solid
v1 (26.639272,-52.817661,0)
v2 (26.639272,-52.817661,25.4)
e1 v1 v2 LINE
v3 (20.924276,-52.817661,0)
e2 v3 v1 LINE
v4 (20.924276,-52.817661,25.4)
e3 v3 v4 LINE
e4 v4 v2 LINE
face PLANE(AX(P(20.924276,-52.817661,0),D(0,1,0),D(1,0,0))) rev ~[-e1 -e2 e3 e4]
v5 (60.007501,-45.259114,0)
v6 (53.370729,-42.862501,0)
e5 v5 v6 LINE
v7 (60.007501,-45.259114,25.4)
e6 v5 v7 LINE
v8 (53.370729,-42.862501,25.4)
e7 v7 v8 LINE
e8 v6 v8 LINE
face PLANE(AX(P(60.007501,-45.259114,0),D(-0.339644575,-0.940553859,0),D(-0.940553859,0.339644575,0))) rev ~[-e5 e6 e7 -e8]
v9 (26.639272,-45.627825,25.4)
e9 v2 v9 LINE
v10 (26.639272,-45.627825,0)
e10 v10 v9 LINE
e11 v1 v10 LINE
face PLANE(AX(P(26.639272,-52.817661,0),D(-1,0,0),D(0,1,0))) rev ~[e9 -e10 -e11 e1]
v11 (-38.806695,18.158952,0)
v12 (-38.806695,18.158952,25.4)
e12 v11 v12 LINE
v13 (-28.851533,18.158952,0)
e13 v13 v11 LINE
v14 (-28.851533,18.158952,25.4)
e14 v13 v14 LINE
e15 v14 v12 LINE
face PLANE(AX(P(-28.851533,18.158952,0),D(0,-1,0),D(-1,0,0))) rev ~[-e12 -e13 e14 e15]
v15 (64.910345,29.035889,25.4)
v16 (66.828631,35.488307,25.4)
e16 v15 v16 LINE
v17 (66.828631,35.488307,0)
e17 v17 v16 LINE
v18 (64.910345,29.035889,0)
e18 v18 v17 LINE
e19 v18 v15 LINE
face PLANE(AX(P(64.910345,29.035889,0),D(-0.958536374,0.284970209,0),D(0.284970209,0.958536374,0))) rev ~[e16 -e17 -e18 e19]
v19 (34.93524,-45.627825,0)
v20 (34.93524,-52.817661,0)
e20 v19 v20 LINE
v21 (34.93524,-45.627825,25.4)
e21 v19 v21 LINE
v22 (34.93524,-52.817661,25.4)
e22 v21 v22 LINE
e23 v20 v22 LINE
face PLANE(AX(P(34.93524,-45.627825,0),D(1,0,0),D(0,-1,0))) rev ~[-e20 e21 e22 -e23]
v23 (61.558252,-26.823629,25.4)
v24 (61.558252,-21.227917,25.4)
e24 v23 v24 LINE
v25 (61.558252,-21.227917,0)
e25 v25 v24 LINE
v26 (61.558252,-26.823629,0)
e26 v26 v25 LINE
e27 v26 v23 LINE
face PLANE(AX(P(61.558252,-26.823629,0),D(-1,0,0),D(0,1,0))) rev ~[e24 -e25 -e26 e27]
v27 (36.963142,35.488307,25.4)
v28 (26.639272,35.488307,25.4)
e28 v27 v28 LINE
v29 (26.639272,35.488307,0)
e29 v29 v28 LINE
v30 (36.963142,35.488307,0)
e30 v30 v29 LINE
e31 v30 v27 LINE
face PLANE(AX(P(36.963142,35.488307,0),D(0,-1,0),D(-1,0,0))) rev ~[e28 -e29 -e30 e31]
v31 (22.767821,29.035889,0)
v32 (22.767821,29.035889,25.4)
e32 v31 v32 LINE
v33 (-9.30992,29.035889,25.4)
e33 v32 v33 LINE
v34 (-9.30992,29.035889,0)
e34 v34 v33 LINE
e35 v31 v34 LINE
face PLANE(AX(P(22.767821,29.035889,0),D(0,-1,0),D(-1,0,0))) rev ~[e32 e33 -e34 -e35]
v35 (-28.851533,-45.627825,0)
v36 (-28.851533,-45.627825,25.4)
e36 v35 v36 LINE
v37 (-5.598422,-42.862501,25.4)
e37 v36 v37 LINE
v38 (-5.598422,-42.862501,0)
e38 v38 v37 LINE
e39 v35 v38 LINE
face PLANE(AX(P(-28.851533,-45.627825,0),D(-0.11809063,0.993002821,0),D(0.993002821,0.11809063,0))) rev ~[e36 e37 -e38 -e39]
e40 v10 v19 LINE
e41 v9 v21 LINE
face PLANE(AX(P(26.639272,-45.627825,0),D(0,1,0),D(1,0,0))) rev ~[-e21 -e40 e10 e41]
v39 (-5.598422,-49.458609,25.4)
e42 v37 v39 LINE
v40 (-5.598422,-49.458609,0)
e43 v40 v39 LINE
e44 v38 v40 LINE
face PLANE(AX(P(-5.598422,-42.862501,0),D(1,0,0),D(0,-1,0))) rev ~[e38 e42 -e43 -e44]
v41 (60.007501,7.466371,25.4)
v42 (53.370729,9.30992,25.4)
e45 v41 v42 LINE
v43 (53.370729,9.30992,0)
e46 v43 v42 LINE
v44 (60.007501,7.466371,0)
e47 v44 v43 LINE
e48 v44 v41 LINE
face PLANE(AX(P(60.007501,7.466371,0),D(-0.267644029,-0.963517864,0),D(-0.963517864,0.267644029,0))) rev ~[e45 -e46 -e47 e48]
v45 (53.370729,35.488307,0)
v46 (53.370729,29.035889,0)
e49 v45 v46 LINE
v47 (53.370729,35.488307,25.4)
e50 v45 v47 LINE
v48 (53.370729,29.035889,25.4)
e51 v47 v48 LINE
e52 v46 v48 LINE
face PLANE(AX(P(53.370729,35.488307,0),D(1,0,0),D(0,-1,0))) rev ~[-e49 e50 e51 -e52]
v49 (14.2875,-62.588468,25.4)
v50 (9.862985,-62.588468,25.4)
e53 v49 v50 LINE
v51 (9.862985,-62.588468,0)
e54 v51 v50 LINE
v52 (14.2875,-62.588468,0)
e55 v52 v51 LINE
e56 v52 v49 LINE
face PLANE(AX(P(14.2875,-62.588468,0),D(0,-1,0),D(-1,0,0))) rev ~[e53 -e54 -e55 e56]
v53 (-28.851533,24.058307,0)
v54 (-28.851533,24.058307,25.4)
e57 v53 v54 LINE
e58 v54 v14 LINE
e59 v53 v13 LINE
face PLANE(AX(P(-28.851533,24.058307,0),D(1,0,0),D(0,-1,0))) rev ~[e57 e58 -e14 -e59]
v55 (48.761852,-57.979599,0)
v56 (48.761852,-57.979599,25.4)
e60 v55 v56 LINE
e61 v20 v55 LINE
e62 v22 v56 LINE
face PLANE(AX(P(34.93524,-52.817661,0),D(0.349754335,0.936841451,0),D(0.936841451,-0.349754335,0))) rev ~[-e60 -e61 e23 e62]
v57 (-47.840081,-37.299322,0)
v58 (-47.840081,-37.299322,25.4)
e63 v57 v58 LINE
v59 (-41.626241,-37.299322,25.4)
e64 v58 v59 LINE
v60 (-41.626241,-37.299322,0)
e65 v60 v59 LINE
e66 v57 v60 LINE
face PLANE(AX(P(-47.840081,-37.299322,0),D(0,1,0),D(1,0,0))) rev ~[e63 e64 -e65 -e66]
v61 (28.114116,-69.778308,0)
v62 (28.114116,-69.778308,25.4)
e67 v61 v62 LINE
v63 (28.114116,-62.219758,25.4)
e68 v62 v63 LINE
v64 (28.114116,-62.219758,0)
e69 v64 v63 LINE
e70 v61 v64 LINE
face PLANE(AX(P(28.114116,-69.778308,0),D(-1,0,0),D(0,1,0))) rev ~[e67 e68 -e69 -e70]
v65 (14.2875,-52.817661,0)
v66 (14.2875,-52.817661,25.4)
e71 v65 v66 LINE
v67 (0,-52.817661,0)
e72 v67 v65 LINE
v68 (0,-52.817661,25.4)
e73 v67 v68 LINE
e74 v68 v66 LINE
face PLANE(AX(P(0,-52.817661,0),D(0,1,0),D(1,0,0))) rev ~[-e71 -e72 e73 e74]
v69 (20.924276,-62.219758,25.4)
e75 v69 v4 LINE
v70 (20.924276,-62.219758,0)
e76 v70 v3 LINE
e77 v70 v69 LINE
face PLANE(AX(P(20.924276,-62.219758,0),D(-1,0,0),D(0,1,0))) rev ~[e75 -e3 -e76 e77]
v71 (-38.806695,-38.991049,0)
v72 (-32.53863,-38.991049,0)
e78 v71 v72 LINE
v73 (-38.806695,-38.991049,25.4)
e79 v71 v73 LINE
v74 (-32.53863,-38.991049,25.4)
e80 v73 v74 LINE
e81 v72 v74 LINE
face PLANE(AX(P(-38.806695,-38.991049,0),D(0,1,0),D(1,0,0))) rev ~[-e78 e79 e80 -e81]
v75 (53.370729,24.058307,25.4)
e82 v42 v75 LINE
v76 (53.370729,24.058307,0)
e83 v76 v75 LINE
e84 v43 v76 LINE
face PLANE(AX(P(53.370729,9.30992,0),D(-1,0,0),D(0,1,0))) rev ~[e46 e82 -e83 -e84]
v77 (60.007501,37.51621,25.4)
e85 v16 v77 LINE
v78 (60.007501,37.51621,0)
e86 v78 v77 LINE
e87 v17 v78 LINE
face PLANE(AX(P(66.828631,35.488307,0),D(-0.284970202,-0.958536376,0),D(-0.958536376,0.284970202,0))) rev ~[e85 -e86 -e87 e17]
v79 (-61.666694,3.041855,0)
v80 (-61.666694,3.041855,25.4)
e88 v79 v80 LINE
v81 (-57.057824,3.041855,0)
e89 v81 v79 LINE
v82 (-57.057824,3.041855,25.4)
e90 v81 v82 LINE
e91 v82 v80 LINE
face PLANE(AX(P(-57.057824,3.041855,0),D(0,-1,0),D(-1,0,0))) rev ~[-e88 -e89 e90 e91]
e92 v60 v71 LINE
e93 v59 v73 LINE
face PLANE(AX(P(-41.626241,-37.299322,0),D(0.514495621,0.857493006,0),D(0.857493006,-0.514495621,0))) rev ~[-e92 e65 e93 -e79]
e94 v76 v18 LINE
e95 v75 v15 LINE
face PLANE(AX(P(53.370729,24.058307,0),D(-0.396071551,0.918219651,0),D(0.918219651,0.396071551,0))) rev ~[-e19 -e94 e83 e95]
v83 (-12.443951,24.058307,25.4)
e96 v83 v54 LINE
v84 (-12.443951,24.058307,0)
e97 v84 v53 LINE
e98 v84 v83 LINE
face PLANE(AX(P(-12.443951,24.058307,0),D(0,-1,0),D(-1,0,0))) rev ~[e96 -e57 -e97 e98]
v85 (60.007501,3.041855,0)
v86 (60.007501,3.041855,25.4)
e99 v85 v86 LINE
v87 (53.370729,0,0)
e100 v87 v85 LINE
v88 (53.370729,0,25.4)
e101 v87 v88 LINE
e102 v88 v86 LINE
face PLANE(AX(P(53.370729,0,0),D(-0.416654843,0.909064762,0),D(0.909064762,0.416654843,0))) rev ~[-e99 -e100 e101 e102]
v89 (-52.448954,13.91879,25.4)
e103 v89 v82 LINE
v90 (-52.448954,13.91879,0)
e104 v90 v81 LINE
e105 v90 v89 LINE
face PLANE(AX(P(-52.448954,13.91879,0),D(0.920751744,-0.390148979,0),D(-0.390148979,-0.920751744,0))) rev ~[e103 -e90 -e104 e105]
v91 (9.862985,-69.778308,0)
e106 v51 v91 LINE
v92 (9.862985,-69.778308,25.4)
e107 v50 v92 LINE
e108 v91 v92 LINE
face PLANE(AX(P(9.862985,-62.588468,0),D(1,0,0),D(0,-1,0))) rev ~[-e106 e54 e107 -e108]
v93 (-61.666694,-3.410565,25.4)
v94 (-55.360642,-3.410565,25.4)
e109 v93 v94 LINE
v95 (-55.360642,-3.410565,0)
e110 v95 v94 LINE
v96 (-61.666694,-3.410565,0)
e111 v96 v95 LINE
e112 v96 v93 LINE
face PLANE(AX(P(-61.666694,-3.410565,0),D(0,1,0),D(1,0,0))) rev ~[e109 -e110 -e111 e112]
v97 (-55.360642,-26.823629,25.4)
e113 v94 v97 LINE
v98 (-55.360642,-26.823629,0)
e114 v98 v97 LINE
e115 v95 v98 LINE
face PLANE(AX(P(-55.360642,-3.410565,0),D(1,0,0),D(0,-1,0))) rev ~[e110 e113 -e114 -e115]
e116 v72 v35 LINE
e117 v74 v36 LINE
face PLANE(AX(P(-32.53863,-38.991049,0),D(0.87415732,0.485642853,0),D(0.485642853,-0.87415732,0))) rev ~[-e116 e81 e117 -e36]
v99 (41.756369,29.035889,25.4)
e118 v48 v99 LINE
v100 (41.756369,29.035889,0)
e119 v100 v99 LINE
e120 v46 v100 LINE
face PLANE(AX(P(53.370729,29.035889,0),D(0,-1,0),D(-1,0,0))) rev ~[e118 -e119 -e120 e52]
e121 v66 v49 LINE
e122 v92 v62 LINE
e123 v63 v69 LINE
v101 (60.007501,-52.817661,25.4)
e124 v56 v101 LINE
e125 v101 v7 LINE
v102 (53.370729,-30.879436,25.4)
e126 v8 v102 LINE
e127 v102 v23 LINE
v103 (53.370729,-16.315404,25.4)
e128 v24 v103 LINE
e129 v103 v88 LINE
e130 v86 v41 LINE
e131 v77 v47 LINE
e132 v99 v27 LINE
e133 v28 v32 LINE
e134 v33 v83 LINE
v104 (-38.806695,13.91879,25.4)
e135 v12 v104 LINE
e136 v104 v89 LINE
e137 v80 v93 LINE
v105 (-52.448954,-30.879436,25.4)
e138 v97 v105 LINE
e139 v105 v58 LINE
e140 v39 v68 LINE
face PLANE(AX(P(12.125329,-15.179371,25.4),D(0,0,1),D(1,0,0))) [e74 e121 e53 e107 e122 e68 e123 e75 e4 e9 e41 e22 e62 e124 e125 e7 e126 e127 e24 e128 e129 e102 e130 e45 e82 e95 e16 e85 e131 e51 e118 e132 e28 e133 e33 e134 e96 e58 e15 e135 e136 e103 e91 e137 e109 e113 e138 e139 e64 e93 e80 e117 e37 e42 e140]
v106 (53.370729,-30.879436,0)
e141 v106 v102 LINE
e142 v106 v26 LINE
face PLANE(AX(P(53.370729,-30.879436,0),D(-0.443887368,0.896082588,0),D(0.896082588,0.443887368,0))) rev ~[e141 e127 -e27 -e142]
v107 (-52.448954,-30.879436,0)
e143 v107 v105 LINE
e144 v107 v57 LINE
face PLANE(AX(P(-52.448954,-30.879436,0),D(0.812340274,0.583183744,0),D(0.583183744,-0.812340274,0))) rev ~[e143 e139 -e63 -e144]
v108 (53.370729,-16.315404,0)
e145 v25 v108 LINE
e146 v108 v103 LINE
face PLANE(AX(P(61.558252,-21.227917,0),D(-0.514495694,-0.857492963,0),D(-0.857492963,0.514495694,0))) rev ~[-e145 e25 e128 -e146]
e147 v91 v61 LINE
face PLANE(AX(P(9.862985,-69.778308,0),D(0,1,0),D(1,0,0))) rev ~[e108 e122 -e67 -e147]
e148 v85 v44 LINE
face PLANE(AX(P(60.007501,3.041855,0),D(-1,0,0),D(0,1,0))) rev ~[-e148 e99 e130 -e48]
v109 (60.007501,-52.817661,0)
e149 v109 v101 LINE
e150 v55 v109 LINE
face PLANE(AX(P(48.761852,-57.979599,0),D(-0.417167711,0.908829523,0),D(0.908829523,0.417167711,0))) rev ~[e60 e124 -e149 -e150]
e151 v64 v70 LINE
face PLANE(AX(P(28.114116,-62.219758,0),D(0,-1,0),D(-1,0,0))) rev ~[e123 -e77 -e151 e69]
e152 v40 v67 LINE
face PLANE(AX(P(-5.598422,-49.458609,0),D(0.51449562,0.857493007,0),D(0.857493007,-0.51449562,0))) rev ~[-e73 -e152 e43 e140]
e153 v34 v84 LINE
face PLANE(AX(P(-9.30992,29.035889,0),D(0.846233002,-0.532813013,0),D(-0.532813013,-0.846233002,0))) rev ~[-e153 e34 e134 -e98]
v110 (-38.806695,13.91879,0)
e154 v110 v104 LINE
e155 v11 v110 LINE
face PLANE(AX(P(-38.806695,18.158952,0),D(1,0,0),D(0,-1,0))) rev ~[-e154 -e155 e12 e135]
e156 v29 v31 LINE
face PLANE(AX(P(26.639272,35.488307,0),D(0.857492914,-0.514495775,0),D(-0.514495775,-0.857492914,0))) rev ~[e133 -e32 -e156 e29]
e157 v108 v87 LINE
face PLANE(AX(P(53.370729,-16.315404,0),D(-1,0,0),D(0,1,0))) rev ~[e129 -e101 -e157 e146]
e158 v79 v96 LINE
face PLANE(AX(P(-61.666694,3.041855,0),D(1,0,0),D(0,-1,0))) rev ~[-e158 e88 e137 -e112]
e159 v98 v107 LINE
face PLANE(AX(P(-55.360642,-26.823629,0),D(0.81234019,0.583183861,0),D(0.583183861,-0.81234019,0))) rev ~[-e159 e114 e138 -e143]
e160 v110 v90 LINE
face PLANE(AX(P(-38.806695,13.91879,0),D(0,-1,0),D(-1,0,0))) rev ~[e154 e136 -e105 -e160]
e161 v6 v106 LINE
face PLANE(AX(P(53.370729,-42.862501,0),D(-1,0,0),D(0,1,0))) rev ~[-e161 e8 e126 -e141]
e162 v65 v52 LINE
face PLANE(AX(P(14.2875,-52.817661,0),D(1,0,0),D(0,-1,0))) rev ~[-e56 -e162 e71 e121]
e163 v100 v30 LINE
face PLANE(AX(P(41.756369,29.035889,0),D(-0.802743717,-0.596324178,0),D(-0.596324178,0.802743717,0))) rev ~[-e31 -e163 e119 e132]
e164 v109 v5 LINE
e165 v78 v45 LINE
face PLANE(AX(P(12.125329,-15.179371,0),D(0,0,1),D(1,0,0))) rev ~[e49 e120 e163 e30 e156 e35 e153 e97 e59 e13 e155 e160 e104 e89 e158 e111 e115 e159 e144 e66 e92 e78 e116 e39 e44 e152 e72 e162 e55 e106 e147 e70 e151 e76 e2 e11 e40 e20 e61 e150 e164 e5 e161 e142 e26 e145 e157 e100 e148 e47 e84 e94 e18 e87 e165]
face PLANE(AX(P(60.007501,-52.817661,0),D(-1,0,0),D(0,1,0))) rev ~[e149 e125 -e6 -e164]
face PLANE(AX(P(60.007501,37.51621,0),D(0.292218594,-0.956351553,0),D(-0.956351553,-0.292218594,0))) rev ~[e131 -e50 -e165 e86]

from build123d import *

# Parameters (mm, degrees)
F1_DEPTH = 25.4


with BuildPart() as f1:
    # F0 (on Top) → F1 (new body)
    with BuildSketch(Plane.XY):
        Polygon((-61.666694, -3.410565), (-55.360642, -3.410565), (-55.360642, -26.823629), (-52.448954, -30.879436), (-47.840081, -37.299322), (-41.626241, -37.299322), (-38.806695, -38.991049), (-32.53863, -38.991049), (-28.851533, -45.627825), (-5.598422, -42.862501), (-5.598422, -49.458609), (0, -52.817661), (14.2875, -52.817661), (14.2875, -62.588468), (9.862985, -62.588468), (9.862985, -69.778308), (28.114116, -69.778308), (28.114116, -62.219758), (20.924276, -62.219758), (20.924276, -52.817661), (26.639272, -52.817661), (26.639272, -45.627825), (34.93524, -45.627825), (34.93524, -52.817661), (48.761852, -57.979599), (60.007501, -52.817661), (60.007501, -45.259114), (53.370729, -42.862501), (53.370729, -30.879436), (61.558252, -26.823629), (61.558252, -21.227917), (53.370729, -16.315404), (53.370729, 0), (60.007501, 3.041855), (60.007501, 7.466371), (53.370729, 9.30992), (53.370729, 24.058307), (64.910345, 29.035889), (66.828631, 35.488307), (60.007501, 37.51621), (53.370729, 35.488307), (53.370729, 29.035889), (41.756369, 29.035889), (36.963142, 35.488307), (26.639272, 35.488307), (22.767821, 29.035889), (-9.30992, 29.035889), (-12.443951, 24.058307), (-28.851533, 24.058307), (-28.851533, 18.158952), (-38.806695, 18.158952), (-38.806695, 13.91879), (-52.448954, 13.91879), (-57.057824, 3.041855), (-61.666694, 3.041855), (-61.666694, 0), align=None)
    extrude(amount=F1_DEPTH)


solid = f1.part
